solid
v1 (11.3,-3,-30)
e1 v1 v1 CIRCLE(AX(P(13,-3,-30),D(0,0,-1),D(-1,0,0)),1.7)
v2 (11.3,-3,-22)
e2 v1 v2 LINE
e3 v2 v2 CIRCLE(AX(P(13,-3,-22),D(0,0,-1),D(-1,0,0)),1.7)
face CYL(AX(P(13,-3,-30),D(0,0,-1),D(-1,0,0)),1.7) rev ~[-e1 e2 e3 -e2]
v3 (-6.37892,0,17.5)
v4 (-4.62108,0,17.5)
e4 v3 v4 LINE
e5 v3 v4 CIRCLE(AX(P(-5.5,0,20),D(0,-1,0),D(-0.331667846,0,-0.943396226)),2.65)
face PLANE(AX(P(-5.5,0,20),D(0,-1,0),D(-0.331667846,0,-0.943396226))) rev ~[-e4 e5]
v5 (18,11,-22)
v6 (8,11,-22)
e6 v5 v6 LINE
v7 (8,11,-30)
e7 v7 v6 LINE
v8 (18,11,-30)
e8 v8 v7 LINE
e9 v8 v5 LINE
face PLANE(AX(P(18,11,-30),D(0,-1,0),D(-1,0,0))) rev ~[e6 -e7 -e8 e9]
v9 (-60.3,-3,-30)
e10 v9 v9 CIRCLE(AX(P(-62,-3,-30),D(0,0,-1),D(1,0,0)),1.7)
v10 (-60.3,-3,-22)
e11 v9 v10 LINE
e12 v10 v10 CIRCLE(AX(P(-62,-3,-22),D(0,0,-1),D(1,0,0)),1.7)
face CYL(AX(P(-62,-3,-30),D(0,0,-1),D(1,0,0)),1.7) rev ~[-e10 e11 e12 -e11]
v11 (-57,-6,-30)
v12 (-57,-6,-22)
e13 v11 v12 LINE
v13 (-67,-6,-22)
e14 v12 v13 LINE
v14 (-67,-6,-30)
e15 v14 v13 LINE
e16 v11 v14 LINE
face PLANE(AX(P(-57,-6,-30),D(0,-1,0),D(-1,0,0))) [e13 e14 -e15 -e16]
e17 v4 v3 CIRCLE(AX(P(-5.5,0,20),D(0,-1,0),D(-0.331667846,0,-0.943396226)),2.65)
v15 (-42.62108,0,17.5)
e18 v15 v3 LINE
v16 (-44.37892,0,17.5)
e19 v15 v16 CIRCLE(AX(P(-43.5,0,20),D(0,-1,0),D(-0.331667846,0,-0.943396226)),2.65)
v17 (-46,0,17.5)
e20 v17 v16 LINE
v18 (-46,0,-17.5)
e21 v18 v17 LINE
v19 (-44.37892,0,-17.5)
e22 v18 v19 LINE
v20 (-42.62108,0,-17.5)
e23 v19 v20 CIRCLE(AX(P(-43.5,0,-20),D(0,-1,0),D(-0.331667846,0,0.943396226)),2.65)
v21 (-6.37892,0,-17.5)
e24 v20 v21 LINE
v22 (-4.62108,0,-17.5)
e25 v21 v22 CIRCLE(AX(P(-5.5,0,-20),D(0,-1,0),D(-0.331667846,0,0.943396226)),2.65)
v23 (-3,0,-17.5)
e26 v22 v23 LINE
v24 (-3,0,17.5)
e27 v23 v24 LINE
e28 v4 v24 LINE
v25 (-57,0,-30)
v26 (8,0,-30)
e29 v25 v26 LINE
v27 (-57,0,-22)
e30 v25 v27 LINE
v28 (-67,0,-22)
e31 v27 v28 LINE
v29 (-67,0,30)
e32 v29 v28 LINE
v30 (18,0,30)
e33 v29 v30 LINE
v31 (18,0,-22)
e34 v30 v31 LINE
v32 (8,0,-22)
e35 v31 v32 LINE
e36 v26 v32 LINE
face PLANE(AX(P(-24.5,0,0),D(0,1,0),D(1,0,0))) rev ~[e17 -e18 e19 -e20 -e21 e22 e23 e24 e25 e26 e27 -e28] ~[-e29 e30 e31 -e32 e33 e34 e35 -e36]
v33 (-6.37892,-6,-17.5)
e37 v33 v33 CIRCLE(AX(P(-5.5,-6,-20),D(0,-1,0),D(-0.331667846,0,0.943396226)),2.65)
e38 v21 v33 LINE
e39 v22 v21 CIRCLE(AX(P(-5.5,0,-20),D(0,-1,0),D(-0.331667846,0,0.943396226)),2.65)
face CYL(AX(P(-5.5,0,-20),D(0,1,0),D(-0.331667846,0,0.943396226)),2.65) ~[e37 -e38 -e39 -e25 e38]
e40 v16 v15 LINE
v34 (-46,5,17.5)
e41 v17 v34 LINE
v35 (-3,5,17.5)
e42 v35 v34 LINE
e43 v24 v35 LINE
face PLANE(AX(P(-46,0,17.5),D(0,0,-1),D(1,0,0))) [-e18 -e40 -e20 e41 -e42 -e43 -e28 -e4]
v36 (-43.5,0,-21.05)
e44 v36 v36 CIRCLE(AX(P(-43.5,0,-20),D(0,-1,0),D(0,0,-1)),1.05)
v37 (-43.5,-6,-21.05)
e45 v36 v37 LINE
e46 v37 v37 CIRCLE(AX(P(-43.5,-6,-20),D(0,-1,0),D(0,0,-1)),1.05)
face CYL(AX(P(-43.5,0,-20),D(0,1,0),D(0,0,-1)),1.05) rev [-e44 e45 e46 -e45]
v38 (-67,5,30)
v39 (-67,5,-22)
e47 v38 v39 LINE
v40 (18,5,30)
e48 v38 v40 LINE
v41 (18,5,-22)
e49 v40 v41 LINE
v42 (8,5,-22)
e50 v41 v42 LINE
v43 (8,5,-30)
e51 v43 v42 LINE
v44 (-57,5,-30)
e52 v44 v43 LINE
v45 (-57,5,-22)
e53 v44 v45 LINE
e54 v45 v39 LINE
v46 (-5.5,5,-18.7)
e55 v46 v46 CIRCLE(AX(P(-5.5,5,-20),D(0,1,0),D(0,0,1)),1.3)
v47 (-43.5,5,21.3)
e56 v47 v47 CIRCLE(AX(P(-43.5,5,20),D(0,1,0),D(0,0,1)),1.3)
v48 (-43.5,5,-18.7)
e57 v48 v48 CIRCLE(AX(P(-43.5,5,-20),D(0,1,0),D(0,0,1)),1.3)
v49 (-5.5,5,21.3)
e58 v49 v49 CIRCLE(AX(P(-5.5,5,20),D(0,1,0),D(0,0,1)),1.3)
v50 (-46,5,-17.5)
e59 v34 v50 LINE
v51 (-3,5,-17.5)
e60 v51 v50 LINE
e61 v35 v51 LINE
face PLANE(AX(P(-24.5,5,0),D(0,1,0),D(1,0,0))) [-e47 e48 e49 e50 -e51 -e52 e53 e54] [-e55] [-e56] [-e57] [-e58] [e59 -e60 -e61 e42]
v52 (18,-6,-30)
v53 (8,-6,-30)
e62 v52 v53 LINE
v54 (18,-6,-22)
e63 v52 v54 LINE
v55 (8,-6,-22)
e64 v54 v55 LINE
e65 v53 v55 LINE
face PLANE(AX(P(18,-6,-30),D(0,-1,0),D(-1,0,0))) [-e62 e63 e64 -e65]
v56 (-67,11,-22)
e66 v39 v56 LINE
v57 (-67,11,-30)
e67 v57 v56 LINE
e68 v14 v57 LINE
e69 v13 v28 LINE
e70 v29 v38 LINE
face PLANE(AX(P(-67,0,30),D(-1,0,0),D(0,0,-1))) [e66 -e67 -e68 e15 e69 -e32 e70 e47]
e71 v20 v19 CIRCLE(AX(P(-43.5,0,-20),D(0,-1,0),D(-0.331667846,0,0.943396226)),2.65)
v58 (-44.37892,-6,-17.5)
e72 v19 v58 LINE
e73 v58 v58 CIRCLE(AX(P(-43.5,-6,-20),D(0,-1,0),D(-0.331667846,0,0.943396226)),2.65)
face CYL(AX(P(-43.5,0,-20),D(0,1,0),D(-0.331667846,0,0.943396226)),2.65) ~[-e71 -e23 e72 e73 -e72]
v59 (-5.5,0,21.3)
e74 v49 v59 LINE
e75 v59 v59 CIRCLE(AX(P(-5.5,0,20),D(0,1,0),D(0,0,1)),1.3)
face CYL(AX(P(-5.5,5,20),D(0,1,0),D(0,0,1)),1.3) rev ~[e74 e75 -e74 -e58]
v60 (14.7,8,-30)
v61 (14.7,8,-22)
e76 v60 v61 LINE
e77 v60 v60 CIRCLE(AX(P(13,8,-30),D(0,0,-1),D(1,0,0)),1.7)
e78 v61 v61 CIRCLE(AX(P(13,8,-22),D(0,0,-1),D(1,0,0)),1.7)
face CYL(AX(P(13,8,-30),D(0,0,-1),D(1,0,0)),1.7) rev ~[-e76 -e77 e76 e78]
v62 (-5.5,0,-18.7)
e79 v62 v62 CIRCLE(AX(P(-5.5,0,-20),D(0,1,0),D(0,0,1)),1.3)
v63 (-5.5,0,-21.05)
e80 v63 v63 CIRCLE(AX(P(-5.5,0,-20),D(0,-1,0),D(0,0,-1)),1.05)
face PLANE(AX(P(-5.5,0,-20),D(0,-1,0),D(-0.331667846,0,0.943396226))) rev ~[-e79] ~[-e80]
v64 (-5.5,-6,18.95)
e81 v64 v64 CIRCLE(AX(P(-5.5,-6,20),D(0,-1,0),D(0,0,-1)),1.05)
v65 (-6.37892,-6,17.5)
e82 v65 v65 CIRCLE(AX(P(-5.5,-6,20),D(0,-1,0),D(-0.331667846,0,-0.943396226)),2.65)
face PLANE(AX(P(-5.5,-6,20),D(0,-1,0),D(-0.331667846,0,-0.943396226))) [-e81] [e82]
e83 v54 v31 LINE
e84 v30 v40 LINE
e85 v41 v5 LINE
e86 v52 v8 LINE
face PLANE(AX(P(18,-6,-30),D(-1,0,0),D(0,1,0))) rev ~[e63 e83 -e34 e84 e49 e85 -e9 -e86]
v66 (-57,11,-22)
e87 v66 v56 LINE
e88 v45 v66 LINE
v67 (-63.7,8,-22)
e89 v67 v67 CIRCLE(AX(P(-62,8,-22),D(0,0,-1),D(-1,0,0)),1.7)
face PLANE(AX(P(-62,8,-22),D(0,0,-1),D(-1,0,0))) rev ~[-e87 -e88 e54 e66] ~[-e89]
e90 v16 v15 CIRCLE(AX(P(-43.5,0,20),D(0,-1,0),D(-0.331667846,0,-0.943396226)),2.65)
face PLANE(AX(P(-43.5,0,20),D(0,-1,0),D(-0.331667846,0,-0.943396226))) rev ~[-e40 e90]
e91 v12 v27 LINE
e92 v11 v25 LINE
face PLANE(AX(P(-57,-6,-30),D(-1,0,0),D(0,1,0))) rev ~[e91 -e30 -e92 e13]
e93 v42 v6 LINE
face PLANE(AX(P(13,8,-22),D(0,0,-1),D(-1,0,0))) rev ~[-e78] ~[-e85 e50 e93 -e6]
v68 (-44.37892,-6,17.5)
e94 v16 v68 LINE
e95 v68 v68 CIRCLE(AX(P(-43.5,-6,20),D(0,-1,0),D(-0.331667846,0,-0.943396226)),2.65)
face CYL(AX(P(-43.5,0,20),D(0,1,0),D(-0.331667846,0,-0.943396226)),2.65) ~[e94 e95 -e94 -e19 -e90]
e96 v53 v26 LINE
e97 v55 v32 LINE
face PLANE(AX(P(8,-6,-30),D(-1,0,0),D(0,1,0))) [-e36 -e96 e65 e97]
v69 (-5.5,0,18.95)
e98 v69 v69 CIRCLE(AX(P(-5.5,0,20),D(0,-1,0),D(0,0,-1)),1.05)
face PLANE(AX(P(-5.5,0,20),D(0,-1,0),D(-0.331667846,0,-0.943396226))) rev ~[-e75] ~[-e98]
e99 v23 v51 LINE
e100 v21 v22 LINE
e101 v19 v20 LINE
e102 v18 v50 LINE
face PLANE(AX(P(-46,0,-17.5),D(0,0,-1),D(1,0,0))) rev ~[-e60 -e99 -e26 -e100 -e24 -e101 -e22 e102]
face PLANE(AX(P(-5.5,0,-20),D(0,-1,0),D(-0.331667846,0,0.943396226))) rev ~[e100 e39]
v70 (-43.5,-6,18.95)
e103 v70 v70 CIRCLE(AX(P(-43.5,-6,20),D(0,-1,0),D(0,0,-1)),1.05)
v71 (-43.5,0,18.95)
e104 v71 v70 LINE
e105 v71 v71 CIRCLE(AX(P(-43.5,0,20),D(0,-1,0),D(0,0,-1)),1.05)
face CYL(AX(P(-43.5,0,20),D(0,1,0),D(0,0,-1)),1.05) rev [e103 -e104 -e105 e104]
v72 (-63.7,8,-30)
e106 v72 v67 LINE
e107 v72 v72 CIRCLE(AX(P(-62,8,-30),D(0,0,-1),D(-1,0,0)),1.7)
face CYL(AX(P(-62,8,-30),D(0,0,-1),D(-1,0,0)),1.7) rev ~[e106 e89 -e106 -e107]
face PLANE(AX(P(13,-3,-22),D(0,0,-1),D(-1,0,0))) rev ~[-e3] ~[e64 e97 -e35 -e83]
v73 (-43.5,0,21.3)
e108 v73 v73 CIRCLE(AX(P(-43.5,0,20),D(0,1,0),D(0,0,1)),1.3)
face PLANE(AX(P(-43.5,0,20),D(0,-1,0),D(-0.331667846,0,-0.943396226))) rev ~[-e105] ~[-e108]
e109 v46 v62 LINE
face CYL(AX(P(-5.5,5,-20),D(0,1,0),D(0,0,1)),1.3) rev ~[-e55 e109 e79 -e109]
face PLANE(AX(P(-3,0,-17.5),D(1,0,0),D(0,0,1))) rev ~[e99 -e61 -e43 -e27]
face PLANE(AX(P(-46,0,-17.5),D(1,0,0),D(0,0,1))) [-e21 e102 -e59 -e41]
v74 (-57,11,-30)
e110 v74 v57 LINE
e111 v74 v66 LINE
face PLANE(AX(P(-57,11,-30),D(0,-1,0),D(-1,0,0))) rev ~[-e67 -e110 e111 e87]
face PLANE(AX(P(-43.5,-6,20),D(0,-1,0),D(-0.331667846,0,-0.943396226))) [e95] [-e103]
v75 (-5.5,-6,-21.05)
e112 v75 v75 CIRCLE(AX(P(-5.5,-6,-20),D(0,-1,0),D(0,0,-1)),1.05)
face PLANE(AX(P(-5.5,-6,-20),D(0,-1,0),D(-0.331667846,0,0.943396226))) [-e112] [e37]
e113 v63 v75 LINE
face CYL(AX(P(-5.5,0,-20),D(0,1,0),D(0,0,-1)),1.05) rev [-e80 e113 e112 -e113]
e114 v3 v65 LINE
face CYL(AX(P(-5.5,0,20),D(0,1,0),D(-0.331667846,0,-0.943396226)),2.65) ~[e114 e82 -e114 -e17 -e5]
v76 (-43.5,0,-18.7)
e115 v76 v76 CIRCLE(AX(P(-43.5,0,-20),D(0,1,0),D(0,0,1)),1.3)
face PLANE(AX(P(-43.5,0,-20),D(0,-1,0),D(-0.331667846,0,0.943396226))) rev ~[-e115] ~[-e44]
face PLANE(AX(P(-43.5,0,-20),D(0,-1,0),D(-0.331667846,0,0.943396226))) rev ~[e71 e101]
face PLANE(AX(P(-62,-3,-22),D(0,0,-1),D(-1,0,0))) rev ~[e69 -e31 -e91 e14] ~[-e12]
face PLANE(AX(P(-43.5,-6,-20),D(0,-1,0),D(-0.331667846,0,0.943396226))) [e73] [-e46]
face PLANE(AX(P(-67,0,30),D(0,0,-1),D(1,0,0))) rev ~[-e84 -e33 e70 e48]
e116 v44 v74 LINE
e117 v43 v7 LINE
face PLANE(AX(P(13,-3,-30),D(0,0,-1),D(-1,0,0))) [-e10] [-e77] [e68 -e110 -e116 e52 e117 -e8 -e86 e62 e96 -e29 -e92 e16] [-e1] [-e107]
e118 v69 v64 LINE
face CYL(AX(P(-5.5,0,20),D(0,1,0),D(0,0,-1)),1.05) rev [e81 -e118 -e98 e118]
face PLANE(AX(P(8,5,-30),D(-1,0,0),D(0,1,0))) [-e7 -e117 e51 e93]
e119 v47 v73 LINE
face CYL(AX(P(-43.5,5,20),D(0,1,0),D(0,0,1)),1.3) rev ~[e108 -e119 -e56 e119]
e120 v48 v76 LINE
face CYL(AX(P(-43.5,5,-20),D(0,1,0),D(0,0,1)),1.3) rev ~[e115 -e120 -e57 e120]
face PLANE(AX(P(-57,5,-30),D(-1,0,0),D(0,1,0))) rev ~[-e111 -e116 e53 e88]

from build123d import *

# Parameters (mm, degrees)
SKETCH3_W           = 85
SKETCH3_H           = 60
BOSS_EXTRUDE3_DEPTH = 5
SKETCH5_W           = 43
SKETCH5_H           = 35
CUT_EXTRUDE2_DEPTH  = 10
CUT_EXTRUDE1_REACH  = 75.58
SKETCH4_R           = 1.3
SKETCH9_R           = 2.65
SKETCH9_R_2         = 1.05
BOSS_EXTRUDE5_DEPTH = 6
SKETCH10_W          = 10
SKETCH10_H          = 6
SKETCH10_R          = 1.7
BOSS_EXTRUDE6_DEPTH = 8


with BuildPart() as part:
    # Sketch3 → Boss-Extrude3 (new body)
    with BuildSketch(Plane(origin=(0, 0, 0), x_dir=(1, 0, 0), z_dir=(0, 1, 0))):
        with Locations((-24.5, 0)):
            Rectangle(SKETCH3_W, SKETCH3_H)
    extrude(amount=BOSS_EXTRUDE3_DEPTH)

    # Sketch5 → Cut-Extrude2 (cut)
    with BuildSketch(Plane.XZ):
        with Locations((-24.5, 0)):
            Rectangle(SKETCH5_W, SKETCH5_H)
    extrude(amount=-CUT_EXTRUDE2_DEPTH, mode=Mode.SUBTRACT)

    # Sketch4 → Cut-Extrude1 (cut, up to next)
    with BuildSketch(Plane(origin=(0, 5, 0), x_dir=(1, 0, 0), z_dir=(0, 1, 0)), mode=Mode.PRIVATE) as cut_extrude1_sk1:
        with Locations(Location((-43.5, 20, 0), (0, 0, 270))):
            Circle(SKETCH4_R)
    cut_extrude1_tool1 = extrude(cut_extrude1_sk1.sketch, amount=-CUT_EXTRUDE1_REACH, mode=Mode.PRIVATE) & part.part
    # Sketch4 → Cut-Extrude1 (cut, up to next)
    with BuildSketch(Plane(origin=(0, 5, 0), x_dir=(1, 0, 0), z_dir=(0, 1, 0)), mode=Mode.PRIVATE) as cut_extrude1_sk2:
        with Locations(Location((-5.5, 20, 0), (0, 0, 270))):
            Circle(SKETCH4_R)
    cut_extrude1_tool2 = extrude(cut_extrude1_sk2.sketch, amount=-CUT_EXTRUDE1_REACH, mode=Mode.PRIVATE) & part.part
    # Sketch4 → Cut-Extrude1 (cut, up to next)
    with BuildSketch(Plane(origin=(0, 5, 0), x_dir=(1, 0, 0), z_dir=(0, 1, 0)), mode=Mode.PRIVATE) as cut_extrude1_sk3:
        with Locations(Location((-5.5, -20, 0), (0, 0, 270))):
            Circle(SKETCH4_R)
    cut_extrude1_tool3 = extrude(cut_extrude1_sk3.sketch, amount=-CUT_EXTRUDE1_REACH, mode=Mode.PRIVATE) & part.part
    # Sketch4 → Cut-Extrude1 (cut, up to next)
    with BuildSketch(Plane(origin=(0, 5, 0), x_dir=(1, 0, 0), z_dir=(0, 1, 0)), mode=Mode.PRIVATE) as cut_extrude1_sk4:
        with Locations(Location((-43.5, -20, 0), (0, 0, 270))):
            Circle(SKETCH4_R)
    cut_extrude1_tool4 = extrude(cut_extrude1_sk4.sketch, amount=-CUT_EXTRUDE1_REACH, mode=Mode.PRIVATE) & part.part
    add(cut_extrude1_tool1.solids().sort_by_distance((-43.5, 5, -20))[0], mode=Mode.SUBTRACT)
    add(cut_extrude1_tool2.solids().sort_by_distance((-5.5, 5, -20))[0], mode=Mode.SUBTRACT)
    add(cut_extrude1_tool3.solids().sort_by_distance((-5.5, 5, 20))[0], mode=Mode.SUBTRACT)
    add(cut_extrude1_tool4.solids().sort_by_distance((-43.5, 5, 20))[0], mode=Mode.SUBTRACT)

    # Sketch9 → Boss-Extrude5 (add)
    # profile 1 of 4: a face of its own
    with BuildSketch(Plane.XZ):
        with Locations(Location((-43.5, 20, 0), (0, 0, 250.629961754))):
            Circle(SKETCH9_R)
        with Locations(Location((-43.5, 20, 0), (0, 0, 270))):
            Circle(SKETCH9_R_2, mode=Mode.SUBTRACT)
    # profile 2 of 4: a face of its own
    with BuildSketch(Plane.XZ):
        with Locations(Location((-43.5, -20, 0), (0, 0, 109.370038246))):
            Circle(SKETCH9_R)
        with Locations(Location((-43.5, -20, 0), (0, 0, 270))):
            Circle(SKETCH9_R_2, mode=Mode.SUBTRACT)
    # profile 3 of 4: a face of its own
    with BuildSketch(Plane.XZ):
        with Locations(Location((-5.5, 20, 0), (0, 0, 250.629961754))):
            Circle(SKETCH9_R)
        with Locations(Location((-5.5, 20, 0), (0, 0, 270))):
            Circle(SKETCH9_R_2, mode=Mode.SUBTRACT)
    # profile 4 of 4: a face of its own
    with BuildSketch(Plane.XZ):
        with Locations(Location((-5.5, -20, 0), (0, 0, 109.370038246))):
            Circle(SKETCH9_R)
        with Locations(Location((-5.5, -20, 0), (0, 0, 270))):
            Circle(SKETCH9_R_2, mode=Mode.SUBTRACT)
    extrude(amount=BOSS_EXTRUDE5_DEPTH)

    # Sketch10 → Boss-Extrude6 (add)
    # profile 1 of 4: a face of its own
    with BuildSketch(Plane(origin=(-17, 0, -30), x_dir=(-1, 0, 0), z_dir=(0, 0, -1))):
        with Locations((-30, -3)):
            Rectangle(SKETCH10_W, SKETCH10_H)
        with Locations((-30, -3)):
            Circle(SKETCH10_R, mode=Mode.SUBTRACT)
    # profile 2 of 4: a face of its own
    with BuildSketch(Plane(origin=(-17, 0, -30), x_dir=(-1, 0, 0), z_dir=(0, 0, -1))):
        with Locations((45, -3)):
            Rectangle(SKETCH10_W, SKETCH10_H)
        with Locations(Location((45, -3, 0), (0, 0, 180))):
            Circle(SKETCH10_R, mode=Mode.SUBTRACT)
    # profile 3 of 4: a face of its own
    with BuildSketch(Plane(origin=(-17, 0, -30), x_dir=(-1, 0, 0), z_dir=(0, 0, -1))):
        with Locations((45, 8)):
            Rectangle(SKETCH10_W, SKETCH10_H)
        with Locations((45, 8)):
            Circle(SKETCH10_R, mode=Mode.SUBTRACT)
    # profile 4 of 4: a face of its own
    with BuildSketch(Plane(origin=(-17, 0, -30), x_dir=(-1, 0, 0), z_dir=(0, 0, -1))):
        with Locations((-30, 8)):
            Rectangle(SKETCH10_W, SKETCH10_H)
        with Locations(Location((-30, 8, 0), (0, 0, 180))):
            Circle(SKETCH10_R, mode=Mode.SUBTRACT)
    extrude(amount=-BOSS_EXTRUDE6_DEPTH)


solid = part.part
